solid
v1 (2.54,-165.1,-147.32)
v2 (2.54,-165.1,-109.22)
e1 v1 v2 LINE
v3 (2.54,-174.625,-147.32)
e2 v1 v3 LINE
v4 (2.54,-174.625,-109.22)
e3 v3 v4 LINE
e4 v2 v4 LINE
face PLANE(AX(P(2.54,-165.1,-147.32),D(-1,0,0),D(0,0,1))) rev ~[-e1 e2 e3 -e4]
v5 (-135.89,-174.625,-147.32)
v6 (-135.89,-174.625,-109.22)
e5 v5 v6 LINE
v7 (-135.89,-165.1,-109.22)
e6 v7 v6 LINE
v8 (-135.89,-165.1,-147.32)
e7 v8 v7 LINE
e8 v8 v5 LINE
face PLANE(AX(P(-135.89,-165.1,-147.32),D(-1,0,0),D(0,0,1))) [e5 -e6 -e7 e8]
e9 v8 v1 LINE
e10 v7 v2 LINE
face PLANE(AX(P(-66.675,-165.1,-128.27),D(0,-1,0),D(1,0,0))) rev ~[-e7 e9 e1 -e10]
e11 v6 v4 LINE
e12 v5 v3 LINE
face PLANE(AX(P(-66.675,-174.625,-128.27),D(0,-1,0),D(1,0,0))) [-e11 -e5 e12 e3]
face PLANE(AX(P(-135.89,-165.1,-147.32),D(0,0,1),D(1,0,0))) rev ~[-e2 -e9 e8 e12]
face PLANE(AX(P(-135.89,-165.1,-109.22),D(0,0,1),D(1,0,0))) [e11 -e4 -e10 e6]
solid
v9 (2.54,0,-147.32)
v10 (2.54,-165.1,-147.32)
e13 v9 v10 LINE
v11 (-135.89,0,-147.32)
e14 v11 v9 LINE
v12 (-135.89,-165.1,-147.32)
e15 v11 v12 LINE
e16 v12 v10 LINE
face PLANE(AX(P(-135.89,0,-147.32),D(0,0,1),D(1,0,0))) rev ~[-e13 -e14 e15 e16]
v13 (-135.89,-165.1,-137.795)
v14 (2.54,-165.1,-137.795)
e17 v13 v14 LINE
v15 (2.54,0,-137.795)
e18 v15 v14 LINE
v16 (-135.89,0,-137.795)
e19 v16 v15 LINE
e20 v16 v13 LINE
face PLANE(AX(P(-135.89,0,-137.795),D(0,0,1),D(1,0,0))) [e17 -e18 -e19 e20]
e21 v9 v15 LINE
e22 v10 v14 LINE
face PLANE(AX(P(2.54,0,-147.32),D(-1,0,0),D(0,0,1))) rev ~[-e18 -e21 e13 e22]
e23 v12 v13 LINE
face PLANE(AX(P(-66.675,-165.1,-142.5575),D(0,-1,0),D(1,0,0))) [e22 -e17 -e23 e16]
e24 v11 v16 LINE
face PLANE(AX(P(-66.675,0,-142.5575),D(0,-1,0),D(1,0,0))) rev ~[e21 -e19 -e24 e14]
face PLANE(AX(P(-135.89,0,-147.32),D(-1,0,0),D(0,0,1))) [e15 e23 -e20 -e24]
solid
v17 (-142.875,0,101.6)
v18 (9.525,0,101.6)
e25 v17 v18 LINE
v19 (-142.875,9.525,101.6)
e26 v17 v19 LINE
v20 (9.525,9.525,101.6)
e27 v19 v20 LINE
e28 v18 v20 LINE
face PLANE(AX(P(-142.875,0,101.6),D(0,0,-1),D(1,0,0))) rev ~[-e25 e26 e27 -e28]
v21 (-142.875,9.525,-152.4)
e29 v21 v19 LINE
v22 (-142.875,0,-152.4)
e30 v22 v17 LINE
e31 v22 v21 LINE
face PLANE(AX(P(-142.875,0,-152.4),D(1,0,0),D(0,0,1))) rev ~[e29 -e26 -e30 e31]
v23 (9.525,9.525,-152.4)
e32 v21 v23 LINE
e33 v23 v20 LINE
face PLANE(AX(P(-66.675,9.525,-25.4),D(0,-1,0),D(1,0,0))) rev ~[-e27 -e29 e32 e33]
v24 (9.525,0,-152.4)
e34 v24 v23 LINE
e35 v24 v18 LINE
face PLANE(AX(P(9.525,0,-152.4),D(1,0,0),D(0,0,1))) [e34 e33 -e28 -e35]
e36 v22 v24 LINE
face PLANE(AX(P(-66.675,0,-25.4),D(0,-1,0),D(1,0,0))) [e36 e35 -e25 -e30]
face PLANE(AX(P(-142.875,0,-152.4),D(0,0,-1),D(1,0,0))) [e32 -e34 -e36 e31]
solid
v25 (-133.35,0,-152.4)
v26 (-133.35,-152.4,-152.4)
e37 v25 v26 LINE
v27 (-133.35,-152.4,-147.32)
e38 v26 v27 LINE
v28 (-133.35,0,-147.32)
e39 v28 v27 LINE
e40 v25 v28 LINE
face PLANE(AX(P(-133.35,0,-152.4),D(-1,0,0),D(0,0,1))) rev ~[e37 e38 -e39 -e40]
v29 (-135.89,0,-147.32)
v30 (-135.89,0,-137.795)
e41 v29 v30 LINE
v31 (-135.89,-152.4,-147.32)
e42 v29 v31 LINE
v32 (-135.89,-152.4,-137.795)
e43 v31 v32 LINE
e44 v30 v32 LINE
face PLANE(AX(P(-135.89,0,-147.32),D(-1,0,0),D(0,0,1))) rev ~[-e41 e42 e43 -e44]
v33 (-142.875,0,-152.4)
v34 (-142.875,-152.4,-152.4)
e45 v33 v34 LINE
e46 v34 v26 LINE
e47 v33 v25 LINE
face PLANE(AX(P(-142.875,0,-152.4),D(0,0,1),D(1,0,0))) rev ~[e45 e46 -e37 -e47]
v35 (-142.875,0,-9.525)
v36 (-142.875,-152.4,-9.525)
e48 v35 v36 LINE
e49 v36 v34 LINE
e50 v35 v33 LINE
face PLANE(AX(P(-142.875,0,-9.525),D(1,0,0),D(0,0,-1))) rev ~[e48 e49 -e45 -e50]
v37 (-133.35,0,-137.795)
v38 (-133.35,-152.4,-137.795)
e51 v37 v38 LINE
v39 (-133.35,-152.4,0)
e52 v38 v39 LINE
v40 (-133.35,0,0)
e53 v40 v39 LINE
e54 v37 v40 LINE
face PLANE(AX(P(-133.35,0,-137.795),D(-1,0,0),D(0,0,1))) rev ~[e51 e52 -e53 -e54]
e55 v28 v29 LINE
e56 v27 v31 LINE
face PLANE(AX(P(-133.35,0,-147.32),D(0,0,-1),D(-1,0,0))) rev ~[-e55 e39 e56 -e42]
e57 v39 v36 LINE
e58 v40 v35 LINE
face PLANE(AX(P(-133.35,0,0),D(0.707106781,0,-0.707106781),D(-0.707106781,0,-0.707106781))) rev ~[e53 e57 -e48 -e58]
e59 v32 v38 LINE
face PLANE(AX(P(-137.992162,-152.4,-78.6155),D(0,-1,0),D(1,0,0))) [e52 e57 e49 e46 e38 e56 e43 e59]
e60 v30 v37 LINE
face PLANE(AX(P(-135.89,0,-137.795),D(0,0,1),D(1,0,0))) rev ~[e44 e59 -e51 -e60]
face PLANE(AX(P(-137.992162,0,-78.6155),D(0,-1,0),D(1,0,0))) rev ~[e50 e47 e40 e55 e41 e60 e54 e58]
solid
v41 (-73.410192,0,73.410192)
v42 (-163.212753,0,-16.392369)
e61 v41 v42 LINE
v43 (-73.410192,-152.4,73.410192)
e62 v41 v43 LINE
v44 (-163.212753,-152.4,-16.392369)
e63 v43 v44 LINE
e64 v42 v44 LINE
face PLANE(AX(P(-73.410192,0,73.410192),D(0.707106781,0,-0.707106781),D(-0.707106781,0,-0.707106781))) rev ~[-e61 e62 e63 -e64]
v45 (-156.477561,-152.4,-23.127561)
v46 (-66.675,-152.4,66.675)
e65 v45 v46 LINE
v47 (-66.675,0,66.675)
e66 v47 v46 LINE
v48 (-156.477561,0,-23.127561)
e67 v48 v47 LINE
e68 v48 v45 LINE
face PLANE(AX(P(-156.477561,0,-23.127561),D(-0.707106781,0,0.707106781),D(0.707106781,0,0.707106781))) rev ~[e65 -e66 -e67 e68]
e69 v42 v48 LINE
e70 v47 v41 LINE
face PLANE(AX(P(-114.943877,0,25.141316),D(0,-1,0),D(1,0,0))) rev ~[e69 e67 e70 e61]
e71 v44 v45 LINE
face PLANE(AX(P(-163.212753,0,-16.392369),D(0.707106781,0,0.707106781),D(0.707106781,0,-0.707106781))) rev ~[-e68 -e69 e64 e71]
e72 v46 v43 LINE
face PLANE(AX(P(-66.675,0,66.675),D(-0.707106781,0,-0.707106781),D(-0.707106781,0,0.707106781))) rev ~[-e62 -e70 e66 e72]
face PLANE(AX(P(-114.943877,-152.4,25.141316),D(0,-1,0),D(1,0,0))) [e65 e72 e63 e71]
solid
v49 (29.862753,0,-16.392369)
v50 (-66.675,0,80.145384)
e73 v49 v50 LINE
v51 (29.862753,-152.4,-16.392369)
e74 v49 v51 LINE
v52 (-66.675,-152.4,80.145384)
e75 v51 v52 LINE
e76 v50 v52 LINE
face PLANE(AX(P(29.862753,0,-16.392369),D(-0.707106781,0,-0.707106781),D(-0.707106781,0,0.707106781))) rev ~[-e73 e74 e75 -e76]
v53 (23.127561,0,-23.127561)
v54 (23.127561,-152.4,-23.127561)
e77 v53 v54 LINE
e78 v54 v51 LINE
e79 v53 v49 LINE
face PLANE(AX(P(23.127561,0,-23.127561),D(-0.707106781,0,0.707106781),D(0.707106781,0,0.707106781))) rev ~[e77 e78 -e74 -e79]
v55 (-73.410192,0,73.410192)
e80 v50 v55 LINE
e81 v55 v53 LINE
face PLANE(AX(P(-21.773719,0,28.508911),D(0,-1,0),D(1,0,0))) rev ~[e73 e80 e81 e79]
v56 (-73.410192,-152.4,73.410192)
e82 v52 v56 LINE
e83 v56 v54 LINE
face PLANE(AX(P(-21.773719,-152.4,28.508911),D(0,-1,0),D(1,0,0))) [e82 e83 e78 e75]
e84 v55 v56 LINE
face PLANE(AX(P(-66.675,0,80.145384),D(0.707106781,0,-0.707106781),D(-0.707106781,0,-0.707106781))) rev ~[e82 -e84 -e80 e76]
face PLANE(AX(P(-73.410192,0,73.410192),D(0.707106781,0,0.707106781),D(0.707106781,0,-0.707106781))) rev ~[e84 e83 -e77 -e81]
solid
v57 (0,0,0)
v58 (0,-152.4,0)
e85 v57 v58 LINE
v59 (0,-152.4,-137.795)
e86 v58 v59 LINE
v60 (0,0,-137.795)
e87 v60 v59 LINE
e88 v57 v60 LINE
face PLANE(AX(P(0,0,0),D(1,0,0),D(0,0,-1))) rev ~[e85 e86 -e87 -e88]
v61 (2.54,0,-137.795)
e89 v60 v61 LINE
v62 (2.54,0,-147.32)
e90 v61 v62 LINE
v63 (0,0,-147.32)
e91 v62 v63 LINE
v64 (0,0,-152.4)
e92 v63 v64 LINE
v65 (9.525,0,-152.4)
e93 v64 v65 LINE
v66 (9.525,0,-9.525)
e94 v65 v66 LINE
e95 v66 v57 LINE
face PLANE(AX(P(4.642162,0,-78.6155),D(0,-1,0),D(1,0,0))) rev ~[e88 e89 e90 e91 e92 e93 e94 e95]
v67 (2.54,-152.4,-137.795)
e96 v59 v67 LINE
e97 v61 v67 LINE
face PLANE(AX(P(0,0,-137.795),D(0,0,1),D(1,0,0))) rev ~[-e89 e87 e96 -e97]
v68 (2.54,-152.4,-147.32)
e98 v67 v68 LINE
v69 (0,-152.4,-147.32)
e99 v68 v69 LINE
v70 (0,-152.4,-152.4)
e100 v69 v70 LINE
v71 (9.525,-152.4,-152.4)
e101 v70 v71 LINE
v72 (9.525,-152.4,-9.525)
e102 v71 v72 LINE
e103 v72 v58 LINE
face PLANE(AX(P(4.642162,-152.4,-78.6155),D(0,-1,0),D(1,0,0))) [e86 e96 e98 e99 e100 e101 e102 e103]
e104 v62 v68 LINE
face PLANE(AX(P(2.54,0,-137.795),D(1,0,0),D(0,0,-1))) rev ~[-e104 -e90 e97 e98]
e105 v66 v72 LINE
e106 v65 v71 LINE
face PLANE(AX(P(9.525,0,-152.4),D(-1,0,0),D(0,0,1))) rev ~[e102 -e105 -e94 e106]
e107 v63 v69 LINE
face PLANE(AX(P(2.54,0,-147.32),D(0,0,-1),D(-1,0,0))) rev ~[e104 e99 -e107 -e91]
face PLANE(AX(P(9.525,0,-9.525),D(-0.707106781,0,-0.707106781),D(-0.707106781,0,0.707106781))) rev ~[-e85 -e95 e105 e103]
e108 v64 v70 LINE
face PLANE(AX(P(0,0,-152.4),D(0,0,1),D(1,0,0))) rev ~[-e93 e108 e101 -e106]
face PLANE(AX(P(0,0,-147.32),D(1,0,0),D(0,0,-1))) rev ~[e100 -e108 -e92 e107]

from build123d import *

# Parameters (mm, degrees)
F1_DEPTH  = 152.4
F2_W      = 138.43
F2_H      = 9.525
F3_DEPTH  = 165.1
F5_DEPTH  = 152.4
F7_DEPTH  = 152.4
F8_W      = 138.43
F8_H      = 38.1
F9_DEPTH  = 9.525
F10_W     = 152.4
F10_H     = 254
F11_DEPTH = 9.525


with BuildPart() as f1:
    # F0 (on Front) → F1 (new body)
    with BuildSketch(Plane.XZ):
        Polygon((0, -147.32), (0, -152.4), (9.525, -152.4), (9.525, -9.525), (0, 0), (0, -137.795), (2.54, -137.795), (2.54, -147.32), align=None)
        Polygon((-133.35, -152.4), (-133.35, -147.32), (-135.89, -147.32), (-135.89, -137.795), (-133.35, -137.795), (-133.35, 0), (-142.875, -9.525), (-142.875, -152.4), align=None)
    extrude(amount=F1_DEPTH)


with BuildPart() as f3:
    # F2 (on Front) → F3 (new body)
    with BuildSketch(Plane.XZ):
        with Locations((-66.675, -142.5575)):
            Rectangle(F2_W, F2_H)
    extrude(amount=F3_DEPTH)


with BuildPart() as f5:
    # F4 (on Front) → F5 (new body)
    with BuildSketch(Plane.XZ):
        Polygon((-163.212753, -16.392369), (-156.477561, -23.127561), (-66.675, 66.675), (-73.410192, 73.410192), align=None)
    extrude(amount=F5_DEPTH)


with BuildPart() as f7:
    # F6 (on Front) → F7 (new body)
    with BuildSketch(Plane.XZ):
        Polygon((-66.675, 80.145384), (-73.410192, 73.410192), (23.127561, -23.127561), (29.862753, -16.392369), align=None)
    extrude(amount=F7_DEPTH)


with BuildPart() as f9:
    # F8 (on face) → F9 (new body)
    with BuildSketch(Plane.XZ.offset(165.1)):
        with Locations((-66.675, -128.27)):
            Rectangle(F8_W, F8_H)
    extrude(amount=F9_DEPTH)


with BuildPart() as f11:
    # F10 (on Front) → F11 (new body)
    with BuildSketch(Plane.XZ):
        with Locations((-66.675, -25.4)):
            Rectangle(F10_W, F10_H)
    extrude(amount=-F11_DEPTH)


solid = Compound([f1.part, f3.part, f5.part, f7.part, f9.part, f11.part])
